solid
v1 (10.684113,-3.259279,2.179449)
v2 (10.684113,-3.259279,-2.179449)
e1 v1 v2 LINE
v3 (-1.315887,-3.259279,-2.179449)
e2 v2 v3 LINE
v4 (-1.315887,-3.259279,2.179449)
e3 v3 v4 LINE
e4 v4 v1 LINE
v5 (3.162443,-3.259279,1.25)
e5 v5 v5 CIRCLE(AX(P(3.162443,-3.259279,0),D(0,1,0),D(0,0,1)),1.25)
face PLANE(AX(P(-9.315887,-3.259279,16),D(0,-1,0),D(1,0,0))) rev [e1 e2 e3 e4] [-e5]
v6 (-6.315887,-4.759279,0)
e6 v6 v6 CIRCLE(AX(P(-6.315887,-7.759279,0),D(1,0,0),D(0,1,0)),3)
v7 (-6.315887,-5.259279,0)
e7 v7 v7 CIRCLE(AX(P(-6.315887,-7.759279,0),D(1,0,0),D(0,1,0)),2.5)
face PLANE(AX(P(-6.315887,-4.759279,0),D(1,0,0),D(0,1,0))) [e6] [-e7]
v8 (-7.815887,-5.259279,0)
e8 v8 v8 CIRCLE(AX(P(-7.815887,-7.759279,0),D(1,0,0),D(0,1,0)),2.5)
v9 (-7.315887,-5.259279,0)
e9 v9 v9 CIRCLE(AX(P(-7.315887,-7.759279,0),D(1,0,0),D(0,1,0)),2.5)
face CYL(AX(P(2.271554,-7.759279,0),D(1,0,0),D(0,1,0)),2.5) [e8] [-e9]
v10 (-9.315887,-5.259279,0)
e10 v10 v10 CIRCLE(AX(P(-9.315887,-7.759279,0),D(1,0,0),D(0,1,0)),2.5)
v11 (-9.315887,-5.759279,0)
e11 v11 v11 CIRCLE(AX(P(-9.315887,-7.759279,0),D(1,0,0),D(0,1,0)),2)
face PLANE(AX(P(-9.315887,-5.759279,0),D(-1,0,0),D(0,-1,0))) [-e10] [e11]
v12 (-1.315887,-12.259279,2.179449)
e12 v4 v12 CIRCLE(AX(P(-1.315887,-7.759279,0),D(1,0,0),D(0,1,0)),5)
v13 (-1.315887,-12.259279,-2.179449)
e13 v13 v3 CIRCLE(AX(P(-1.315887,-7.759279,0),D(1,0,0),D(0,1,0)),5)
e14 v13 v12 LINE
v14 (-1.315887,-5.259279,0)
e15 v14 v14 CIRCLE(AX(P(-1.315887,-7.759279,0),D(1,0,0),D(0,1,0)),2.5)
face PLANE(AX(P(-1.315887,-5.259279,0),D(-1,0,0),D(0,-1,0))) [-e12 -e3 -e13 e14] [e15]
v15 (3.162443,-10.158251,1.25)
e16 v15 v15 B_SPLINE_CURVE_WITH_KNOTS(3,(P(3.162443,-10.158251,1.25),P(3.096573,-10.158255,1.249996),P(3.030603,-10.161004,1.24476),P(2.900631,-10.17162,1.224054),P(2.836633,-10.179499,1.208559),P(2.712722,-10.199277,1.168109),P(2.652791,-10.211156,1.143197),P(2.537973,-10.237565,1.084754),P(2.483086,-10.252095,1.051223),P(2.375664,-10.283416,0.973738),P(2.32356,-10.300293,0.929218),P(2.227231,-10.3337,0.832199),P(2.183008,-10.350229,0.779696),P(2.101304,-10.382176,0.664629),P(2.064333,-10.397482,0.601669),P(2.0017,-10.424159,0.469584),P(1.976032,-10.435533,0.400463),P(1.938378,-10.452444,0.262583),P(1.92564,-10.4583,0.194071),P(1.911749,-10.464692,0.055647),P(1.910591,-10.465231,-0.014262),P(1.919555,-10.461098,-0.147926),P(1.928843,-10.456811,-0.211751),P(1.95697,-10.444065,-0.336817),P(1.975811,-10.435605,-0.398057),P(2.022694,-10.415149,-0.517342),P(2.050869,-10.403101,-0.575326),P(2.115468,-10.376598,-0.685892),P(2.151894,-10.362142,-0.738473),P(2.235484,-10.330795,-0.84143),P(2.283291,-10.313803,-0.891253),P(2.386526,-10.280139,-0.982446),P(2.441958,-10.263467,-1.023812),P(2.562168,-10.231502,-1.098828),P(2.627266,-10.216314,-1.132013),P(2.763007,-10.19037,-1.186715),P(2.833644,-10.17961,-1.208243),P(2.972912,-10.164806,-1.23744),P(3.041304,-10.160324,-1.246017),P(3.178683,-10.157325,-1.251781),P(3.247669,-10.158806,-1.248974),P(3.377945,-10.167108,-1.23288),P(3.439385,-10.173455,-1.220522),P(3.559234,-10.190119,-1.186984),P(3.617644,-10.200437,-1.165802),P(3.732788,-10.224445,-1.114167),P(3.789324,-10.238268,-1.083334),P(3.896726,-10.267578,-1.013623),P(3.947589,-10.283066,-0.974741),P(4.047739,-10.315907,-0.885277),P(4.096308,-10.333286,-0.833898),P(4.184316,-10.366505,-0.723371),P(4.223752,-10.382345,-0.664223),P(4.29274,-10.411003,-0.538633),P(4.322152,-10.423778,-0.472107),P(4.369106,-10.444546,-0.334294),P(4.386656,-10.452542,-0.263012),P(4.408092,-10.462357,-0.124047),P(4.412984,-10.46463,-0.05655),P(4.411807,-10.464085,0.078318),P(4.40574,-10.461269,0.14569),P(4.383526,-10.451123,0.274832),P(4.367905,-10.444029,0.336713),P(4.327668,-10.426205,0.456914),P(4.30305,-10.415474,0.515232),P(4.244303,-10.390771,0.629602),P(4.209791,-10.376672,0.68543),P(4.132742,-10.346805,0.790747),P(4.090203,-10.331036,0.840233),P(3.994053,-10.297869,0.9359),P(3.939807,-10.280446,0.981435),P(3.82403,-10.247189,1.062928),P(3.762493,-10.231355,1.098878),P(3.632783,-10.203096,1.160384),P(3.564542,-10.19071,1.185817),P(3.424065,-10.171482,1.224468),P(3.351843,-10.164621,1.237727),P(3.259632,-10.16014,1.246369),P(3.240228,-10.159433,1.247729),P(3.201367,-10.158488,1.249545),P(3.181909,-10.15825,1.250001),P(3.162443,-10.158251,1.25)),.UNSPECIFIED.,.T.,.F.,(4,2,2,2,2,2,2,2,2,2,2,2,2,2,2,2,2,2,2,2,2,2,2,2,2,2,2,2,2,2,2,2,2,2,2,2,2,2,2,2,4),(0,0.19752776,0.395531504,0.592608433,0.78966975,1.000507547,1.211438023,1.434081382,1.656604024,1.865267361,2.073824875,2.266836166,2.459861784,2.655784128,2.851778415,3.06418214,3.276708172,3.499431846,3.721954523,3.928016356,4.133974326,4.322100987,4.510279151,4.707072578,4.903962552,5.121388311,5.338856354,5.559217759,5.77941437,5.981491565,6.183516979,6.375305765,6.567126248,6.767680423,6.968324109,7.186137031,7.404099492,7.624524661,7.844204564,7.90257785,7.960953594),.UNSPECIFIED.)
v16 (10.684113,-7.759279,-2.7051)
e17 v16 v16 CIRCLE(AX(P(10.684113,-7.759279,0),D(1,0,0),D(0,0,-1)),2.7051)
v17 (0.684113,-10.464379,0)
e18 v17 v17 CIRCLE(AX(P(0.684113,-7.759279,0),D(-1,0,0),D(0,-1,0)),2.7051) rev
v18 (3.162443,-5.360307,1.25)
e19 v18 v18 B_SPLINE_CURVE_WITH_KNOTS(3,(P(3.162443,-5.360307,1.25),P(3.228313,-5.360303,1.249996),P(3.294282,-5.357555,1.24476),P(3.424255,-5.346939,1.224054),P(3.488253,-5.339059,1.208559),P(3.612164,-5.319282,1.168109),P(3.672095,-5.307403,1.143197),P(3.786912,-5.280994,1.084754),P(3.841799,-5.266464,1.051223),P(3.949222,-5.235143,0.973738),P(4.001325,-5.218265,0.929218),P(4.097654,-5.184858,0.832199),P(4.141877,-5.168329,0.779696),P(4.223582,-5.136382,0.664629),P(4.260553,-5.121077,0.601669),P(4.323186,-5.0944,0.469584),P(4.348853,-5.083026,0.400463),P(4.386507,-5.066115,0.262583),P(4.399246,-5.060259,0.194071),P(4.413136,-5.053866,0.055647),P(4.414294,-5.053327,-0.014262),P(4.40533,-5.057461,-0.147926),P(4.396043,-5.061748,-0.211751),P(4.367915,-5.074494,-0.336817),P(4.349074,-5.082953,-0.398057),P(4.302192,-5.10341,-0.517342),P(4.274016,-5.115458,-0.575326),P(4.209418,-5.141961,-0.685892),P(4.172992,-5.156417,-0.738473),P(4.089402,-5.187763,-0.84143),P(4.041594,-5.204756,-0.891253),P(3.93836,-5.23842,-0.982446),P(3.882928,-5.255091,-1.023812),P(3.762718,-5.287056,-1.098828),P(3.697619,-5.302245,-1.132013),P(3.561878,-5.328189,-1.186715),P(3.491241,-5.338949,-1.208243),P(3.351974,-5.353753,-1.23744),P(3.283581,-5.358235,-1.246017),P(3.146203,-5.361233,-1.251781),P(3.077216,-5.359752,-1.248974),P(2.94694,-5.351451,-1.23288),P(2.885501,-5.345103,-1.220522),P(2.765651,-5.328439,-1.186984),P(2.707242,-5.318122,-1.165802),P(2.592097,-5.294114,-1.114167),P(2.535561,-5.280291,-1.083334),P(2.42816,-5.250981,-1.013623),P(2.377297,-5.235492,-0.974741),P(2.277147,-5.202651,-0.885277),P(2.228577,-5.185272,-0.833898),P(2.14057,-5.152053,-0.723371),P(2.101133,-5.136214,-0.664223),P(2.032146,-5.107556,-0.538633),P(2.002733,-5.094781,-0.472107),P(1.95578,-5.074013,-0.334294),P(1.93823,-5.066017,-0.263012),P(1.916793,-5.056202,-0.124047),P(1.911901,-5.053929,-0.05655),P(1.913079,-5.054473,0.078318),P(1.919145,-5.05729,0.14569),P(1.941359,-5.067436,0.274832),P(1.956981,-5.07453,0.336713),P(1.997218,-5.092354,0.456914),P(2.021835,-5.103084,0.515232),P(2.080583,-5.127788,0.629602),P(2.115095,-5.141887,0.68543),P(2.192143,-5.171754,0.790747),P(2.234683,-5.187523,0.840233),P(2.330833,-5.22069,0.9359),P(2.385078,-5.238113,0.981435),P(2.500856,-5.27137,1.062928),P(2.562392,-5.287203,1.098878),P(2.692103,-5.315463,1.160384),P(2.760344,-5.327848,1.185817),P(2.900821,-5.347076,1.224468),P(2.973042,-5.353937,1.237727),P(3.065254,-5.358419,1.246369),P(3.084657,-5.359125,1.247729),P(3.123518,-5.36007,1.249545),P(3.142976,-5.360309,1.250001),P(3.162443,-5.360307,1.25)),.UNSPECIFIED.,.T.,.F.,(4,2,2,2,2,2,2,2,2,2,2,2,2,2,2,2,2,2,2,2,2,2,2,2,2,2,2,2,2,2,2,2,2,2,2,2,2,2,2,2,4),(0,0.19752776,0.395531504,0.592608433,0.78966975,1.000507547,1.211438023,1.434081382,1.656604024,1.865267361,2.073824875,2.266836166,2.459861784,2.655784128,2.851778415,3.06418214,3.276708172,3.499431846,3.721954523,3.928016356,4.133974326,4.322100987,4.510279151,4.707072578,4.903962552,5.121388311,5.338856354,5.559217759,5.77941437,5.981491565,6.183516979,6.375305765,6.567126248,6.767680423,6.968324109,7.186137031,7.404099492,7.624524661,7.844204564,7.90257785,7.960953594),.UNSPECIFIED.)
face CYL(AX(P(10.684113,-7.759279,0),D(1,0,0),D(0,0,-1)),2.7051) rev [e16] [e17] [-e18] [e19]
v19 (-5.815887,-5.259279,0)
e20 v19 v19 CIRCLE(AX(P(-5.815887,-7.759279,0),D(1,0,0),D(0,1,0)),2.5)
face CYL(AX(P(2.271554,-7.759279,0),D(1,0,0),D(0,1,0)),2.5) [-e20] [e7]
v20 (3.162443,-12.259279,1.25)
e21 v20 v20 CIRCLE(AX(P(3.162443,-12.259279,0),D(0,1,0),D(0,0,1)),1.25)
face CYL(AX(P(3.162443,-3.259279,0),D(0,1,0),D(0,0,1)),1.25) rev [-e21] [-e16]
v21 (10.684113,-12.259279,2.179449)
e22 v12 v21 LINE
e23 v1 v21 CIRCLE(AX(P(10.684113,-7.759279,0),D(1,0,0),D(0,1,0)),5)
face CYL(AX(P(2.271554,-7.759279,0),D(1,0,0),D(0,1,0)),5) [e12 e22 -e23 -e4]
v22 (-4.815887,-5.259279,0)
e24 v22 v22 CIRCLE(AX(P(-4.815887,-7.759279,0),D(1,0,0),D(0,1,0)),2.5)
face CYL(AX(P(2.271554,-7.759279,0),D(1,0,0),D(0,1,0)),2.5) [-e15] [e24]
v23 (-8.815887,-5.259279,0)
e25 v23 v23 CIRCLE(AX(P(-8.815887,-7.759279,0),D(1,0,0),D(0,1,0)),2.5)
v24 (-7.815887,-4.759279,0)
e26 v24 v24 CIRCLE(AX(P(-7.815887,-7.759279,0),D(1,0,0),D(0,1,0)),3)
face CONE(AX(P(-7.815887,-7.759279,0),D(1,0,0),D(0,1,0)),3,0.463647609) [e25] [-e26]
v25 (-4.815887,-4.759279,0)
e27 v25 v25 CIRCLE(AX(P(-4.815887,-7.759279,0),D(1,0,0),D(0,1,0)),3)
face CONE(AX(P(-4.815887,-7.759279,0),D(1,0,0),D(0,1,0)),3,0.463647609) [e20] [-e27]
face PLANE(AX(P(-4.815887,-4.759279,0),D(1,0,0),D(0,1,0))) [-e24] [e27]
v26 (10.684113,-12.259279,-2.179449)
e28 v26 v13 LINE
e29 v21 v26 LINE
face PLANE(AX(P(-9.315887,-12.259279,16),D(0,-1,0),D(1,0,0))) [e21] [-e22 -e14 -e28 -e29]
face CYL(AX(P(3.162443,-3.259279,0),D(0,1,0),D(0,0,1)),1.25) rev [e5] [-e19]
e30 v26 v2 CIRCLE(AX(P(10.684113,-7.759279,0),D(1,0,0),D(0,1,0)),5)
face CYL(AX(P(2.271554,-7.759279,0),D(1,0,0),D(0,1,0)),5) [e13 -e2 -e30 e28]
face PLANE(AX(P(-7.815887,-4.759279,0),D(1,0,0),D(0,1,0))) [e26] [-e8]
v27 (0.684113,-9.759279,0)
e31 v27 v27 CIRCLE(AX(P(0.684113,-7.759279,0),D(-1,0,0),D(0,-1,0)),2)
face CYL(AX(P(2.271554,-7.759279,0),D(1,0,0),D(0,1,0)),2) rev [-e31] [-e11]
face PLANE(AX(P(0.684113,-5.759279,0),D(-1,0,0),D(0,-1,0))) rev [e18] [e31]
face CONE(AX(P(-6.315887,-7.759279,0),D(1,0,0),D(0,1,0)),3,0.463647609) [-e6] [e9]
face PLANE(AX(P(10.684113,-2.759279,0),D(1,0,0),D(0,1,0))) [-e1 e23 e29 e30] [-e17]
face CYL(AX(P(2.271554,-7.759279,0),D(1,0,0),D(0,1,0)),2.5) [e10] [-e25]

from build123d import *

# Parameters (mm, degrees)
SKETCH4_OUTSIDE_W           = 16.898
SKETCH4_OUTSIDE_H           = 16.898
SKETCH4_OUTSIDE_W_2         = 32
SKETCH4_OUTSIDE_H_2         = 9
CUT_EXTRUDE1_DEPTH          = 21
F_1_4_28_TAPPED_HOLE2_D     = 5.4102
F_1_4_28_TAPPED_HOLE2_DEPTH = 10
M3_TAPPED_HOLE1_D           = 2.5


with BuildPart() as part:
    # Sketch1 → Revolve1 (revolve)
    with BuildSketch(Plane.XY):
        Polygon((-1.315886695, -5.259279322), (-4.815886695, -5.259279322), (-4.815886695, -4.759279322), (-5.815886695, -5.259279322), (-6.315886695, -5.259279322), (-6.315886695, -4.759279322), (-7.315886695, -5.259279322), (-7.815886695, -5.259279322), (-7.815886695, -4.759279322), (-8.815886695, -5.259279322), (-9.315886695, -5.259279322), (-9.315886695, -5.759279322), (0.684113305, -5.759279322), (0.684113305, -7.759279322), (10.684113305, -7.759279322), (10.684113305, -2.759279322), (-1.315886695, -2.759279322), align=None)
    revolve(axis=Axis((2.271553965, -7.759279322, 0), (-1, 0, 0)))

    # Sketch4 outside → Cut-Extrude1 (cut, through all)
    with BuildSketch(Plane(origin=(10.684113305, 0, 0), x_dir=(0, 0, -1), z_dir=(1, 0, 0))):
        with Locations((0, -7.759)):
            Rectangle(SKETCH4_OUTSIDE_W, SKETCH4_OUTSIDE_H)
        with Locations((0, -7.759279322)):
            Rectangle(SKETCH4_OUTSIDE_W_2, SKETCH4_OUTSIDE_H_2, mode=Mode.SUBTRACT)
    extrude(amount=-CUT_EXTRUDE1_DEPTH, mode=Mode.SUBTRACT)

    # 1/4-28 Tapped Hole2
    with Locations(Plane(origin=(10.684113305, 0, 0), x_dir=(0, 0, -1), z_dir=(1, 0, 0))):
        with Locations((0, -7.759279322)):
            Hole(F_1_4_28_TAPPED_HOLE2_D / 2, depth=F_1_4_28_TAPPED_HOLE2_DEPTH)

    # M3 Tapped Hole1 (through all)
    with Locations(Plane(origin=(0, -3.259279322, 0), x_dir=(1, 0, 0), z_dir=(0, 1, 0))):
        with Locations((3.162442737, 0)):
            Hole(M3_TAPPED_HOLE1_D / 2)


solid = part.part
